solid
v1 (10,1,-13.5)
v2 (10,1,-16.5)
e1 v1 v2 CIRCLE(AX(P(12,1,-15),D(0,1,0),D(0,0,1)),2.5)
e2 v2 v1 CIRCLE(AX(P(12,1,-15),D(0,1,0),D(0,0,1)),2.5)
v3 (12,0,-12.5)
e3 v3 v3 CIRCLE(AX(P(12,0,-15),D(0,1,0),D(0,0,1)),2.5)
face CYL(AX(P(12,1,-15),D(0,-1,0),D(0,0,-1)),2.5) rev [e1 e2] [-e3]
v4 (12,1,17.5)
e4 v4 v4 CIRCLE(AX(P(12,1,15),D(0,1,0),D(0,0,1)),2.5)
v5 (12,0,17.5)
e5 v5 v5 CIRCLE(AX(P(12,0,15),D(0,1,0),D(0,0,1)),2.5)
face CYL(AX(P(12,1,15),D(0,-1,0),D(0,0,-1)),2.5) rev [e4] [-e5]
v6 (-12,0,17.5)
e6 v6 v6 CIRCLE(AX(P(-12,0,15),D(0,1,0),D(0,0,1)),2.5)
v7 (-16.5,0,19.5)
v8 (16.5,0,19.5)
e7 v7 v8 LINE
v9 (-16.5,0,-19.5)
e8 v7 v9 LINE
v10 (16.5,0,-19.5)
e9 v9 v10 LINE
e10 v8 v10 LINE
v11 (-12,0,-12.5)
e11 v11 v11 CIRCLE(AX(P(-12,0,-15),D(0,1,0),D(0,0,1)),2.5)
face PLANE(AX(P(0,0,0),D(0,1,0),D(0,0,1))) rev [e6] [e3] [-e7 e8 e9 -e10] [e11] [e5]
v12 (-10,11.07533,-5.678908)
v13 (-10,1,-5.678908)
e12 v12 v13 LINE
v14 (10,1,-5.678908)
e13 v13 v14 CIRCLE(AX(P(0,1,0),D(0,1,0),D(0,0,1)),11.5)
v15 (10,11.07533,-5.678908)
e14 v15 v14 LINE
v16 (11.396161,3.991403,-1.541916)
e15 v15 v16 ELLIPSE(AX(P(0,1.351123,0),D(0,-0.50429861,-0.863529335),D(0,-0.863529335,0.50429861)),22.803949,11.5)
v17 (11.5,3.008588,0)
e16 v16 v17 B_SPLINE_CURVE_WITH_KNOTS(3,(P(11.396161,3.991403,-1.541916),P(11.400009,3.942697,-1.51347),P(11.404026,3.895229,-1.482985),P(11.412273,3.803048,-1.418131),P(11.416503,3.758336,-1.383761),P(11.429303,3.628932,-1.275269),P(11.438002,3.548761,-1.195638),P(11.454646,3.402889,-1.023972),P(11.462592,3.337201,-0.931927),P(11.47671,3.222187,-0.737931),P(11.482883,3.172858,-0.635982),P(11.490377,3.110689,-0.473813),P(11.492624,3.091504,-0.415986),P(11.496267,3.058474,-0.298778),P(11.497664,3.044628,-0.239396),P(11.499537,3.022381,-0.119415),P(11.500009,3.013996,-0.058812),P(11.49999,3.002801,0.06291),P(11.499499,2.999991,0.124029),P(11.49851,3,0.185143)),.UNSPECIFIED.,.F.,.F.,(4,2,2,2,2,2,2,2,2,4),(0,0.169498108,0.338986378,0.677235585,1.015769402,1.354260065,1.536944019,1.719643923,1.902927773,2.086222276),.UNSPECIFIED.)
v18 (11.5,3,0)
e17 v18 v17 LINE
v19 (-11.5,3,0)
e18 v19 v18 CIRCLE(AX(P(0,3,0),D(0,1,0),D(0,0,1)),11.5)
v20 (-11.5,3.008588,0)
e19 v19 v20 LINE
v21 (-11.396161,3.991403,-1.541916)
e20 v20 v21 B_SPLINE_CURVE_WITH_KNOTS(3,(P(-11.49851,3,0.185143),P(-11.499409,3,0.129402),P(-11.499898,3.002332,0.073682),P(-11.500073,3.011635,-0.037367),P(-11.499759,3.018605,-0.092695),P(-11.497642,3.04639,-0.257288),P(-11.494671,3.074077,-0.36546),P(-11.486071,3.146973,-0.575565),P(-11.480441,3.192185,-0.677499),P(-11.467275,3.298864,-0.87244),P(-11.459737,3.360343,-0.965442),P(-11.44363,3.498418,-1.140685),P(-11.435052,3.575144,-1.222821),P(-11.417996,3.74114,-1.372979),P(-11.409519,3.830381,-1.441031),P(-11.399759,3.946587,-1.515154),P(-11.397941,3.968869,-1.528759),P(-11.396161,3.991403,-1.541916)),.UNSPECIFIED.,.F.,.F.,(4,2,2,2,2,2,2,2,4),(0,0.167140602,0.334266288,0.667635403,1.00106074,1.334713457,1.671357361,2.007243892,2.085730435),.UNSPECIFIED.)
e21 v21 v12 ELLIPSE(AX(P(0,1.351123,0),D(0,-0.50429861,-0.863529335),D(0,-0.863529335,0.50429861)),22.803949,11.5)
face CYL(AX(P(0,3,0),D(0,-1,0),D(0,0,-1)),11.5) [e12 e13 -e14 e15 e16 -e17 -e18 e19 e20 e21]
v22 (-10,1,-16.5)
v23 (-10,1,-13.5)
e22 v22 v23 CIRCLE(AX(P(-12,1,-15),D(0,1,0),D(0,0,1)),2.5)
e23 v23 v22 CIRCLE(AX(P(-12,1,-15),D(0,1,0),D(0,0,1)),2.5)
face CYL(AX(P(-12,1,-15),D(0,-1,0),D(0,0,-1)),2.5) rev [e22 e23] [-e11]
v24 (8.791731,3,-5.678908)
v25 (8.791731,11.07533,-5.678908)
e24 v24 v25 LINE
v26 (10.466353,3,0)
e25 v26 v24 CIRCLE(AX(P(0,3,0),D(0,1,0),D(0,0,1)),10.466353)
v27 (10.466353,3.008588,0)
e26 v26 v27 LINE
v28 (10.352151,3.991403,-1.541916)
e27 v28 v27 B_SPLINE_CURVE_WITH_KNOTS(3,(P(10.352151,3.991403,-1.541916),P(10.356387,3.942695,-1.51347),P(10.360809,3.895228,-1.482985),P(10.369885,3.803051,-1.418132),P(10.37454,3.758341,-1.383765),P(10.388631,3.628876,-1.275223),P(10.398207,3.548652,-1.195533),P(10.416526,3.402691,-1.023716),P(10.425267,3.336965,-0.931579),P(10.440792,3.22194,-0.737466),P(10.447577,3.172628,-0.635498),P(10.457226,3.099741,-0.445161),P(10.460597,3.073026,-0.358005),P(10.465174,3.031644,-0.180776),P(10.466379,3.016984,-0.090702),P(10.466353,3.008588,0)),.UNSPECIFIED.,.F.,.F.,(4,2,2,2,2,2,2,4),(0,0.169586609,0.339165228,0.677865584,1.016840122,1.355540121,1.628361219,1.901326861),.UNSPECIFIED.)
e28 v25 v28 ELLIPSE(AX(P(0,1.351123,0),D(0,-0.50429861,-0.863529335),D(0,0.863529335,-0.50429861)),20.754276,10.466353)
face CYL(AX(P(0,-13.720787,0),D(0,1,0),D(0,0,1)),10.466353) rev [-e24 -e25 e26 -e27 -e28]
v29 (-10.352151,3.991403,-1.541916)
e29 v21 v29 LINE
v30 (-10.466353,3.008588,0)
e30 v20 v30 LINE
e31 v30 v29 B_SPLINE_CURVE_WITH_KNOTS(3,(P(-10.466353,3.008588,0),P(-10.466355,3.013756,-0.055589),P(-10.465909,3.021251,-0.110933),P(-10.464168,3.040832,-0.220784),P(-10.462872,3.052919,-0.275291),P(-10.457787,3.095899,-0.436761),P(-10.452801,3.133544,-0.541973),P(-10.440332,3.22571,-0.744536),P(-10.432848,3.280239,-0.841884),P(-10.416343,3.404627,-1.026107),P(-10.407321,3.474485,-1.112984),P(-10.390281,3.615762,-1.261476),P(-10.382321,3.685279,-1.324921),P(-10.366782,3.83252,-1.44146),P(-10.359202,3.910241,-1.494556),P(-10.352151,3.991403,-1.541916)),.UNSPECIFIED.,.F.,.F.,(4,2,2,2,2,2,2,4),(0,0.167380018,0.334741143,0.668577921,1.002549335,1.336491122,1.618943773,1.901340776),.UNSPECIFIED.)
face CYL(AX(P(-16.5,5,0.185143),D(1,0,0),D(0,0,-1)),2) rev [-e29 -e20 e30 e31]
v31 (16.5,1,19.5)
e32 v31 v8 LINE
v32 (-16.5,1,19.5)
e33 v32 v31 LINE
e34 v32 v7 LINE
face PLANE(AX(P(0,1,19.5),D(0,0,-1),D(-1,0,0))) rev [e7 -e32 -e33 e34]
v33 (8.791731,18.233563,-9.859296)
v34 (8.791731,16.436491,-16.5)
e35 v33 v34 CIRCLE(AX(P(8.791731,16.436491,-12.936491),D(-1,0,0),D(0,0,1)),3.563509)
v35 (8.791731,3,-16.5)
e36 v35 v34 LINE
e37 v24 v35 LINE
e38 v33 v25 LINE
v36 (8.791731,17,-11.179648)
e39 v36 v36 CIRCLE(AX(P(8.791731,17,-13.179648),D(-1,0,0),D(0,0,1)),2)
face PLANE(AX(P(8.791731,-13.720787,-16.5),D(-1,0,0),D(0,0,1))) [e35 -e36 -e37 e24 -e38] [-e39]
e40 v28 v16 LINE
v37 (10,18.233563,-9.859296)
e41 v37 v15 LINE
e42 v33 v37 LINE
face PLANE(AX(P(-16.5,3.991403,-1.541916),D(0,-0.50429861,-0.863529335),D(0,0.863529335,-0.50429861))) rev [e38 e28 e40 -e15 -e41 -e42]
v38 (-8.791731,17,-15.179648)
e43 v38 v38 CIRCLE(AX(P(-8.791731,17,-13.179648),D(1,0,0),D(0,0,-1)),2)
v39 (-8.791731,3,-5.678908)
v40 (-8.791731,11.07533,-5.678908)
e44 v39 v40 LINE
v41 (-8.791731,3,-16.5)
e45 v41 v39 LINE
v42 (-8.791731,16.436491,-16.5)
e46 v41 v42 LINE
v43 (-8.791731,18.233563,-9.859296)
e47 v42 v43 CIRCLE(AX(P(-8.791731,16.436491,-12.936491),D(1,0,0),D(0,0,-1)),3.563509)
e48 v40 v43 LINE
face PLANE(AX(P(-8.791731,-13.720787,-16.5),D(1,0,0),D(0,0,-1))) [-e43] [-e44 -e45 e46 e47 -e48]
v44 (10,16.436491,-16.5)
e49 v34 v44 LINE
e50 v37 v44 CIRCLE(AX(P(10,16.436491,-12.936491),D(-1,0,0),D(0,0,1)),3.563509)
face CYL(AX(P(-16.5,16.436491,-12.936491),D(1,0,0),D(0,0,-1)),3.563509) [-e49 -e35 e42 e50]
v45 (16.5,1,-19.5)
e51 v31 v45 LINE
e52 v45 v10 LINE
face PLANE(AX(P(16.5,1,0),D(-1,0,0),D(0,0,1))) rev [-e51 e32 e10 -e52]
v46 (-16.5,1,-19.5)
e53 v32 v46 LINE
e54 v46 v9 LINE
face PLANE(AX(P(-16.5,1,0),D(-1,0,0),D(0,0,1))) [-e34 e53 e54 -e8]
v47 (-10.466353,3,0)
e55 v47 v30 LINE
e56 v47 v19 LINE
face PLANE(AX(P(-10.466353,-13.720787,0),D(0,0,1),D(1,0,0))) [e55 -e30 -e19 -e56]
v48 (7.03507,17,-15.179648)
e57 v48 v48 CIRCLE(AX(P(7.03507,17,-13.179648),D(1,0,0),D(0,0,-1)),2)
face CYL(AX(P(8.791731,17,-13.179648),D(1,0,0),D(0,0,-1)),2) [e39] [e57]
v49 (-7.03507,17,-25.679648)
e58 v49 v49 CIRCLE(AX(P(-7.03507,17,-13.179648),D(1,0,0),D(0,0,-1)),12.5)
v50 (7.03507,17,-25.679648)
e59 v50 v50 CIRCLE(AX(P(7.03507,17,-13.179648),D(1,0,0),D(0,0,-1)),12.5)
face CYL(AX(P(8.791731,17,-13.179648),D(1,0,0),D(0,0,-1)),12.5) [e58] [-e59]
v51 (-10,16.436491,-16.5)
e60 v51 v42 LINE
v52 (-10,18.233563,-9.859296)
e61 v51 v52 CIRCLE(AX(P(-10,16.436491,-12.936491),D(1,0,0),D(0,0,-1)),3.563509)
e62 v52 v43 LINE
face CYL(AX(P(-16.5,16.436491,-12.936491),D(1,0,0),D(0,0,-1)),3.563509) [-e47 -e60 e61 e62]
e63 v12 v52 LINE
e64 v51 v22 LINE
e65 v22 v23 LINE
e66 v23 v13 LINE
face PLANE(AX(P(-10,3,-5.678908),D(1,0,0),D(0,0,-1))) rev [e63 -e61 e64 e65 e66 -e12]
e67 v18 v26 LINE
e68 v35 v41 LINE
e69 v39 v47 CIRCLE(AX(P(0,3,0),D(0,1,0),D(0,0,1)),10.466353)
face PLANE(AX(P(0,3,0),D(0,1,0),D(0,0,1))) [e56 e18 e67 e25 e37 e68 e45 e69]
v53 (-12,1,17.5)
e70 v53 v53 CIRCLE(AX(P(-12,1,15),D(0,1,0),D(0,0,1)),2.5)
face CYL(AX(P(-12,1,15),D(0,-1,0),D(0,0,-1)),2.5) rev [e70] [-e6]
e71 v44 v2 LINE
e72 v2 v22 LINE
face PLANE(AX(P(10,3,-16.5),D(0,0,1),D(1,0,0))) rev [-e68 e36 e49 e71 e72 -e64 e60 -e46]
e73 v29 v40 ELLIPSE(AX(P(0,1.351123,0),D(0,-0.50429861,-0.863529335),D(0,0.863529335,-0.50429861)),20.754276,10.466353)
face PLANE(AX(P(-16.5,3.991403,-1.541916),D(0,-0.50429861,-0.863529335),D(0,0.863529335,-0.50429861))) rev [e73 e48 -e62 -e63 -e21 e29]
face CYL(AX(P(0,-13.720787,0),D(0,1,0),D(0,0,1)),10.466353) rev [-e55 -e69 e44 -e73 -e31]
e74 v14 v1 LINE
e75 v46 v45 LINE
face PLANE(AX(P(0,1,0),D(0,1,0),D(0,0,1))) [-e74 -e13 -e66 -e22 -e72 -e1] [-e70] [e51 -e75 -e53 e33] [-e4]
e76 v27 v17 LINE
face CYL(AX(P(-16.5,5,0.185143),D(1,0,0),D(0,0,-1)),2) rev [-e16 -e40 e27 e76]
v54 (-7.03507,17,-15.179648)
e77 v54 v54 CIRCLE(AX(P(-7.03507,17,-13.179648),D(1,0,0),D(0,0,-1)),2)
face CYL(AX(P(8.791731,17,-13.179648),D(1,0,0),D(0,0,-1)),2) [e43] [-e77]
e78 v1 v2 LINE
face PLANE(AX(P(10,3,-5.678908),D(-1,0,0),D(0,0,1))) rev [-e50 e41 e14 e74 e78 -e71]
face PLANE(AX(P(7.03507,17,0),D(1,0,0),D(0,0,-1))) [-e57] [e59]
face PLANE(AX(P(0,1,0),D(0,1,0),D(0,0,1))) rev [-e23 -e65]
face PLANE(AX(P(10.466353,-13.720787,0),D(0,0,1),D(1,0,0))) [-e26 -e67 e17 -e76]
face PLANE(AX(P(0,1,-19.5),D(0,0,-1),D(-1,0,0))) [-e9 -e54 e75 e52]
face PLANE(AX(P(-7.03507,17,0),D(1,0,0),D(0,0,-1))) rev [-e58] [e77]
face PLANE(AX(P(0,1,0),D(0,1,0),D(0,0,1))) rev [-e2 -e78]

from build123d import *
from build123d.topology import SkipClean

# Parameters (mm, degrees)
SKETCH1_W               = 33
SKETCH1_H               = 39
SKETCH1_R               = 2.5
BOSS_EXTRUDE1_DEPTH     = 1
BOSS_EXTRUDE2_DEPTH     = 2
BOSS_EXTRUDE3_START     = -17
BOSS_EXTRUDE3_DEPTH     = 17
CUT_EXTRUDE1_DEPTH      = 39.503246616
CUT_EXTRUDE1_DEPTH_BACK = 39.503246616


with BuildPart() as part:
    # Sketch1 → Boss-Extrude1 (new body)
    with BuildSketch(Plane(origin=(0, 0, 0), x_dir=(1, 0, 0), z_dir=(0, 1, 0))):
        Rectangle(SKETCH1_W, SKETCH1_H)
        with Locations(Location((12, -15, 0), (0, 0, 270))):
            Circle(SKETCH1_R, mode=Mode.SUBTRACT)
        with Locations(Location((-12, -15, 0), (0, 0, 270))):
            Circle(SKETCH1_R, mode=Mode.SUBTRACT)
        with Locations(Location((-12, 15, 0), (0, 0, 270))):
            Circle(SKETCH1_R, mode=Mode.SUBTRACT)
        with Locations(Location((12, 15, 0), (0, 0, 270))):
            Circle(SKETCH1_R, mode=Mode.SUBTRACT)
    extrude(amount=BOSS_EXTRUDE1_DEPTH)

    # Sketch2 → Boss-Extrude2 (add)
    with BuildSketch(Plane(origin=(0, 1, 0), x_dir=(1, 0, 0), z_dir=(0, 1, 0))):
        with BuildLine():
            Line((10, 5.678908346), (10, 16.5))
            Line((10, 16.5), (-10, 16.5))
            Line((-10, 16.5), (-10, 5.678908346))
            ThreePointArc((-10, 5.678908346), (0, -11.5), (10, 5.678908346))
        make_face()
    extrude(amount=BOSS_EXTRUDE2_DEPTH)

    # Sketch3 → Boss-Extrude3 (add)
    with SkipClean():  # the faces are left unmerged after this step: merging them gives an invalid solid
        with BuildSketch(Plane(origin=(0, 20, 0), x_dir=(1, 0, 0), z_dir=(0, 1, 0)).offset(BOSS_EXTRUDE3_START)):
            with BuildLine():
                Line((-10.466352676, 0), (-11.5, 0))
                ThreePointArc((-11.5, 0), (-11.118677979, 2.936835031), (-10, 5.678908346))
                Line((-10, 5.678908346), (-10, 16.5))
                Line((-10, 16.5), (-8.791731248, 16.5))
                Line((-8.791731248, 16.5), (-8.791731248, 5.678908346))
                ThreePointArc((-8.791731248, 5.678908346), (-10.038971516, 2.960336), (-10.466352676, 0))
            make_face()
            with BuildLine():
                Line((8.791731248, 16.5), (8.791731248, 5.678908346))
                ThreePointArc((8.791731248, 5.678908346), (10.038971516, 2.960336), (10.466352676, 0))
                Line((10.466352676, 0), (11.5, 0))
                ThreePointArc((11.5, 0), (11.118677979, 2.936835031), (10, 5.678908346))
                Line((10, 5.678908346), (10, 16.5))
                Line((10, 16.5), (8.791731248, 16.5))
            make_face()
        extrude(amount=BOSS_EXTRUDE3_DEPTH)

    # Sketch4 → Cut-Extrude1 (cut, two sides: drawn at the far end of the back side and taken through both)
    with SkipClean():  # the faces are left unmerged after this step: merging them gives an invalid solid
        with BuildSketch(Plane(origin=(10, 0, 0), x_dir=(0, 0, -1), z_dir=(1, 0, 0)).offset(-CUT_EXTRUDE1_DEPTH_BACK)):
            with BuildLine():
                Line((-2.613781241, 3), (-0.185143028, 3))
                ThreePointArc((-0.185143028, 3), (0.810549083, 3.265469165), (1.541915642, 3.991402781))
                Line((1.541915642, 3.991402781), (9.859295901, 18.23356349))
                ThreePointArc((9.859295901, 18.23356349), (13.867346815, 19.876273461), (16.5, 16.436490709))
                Line((16.5, 16.436490709), (17.783999393, 20))
                Line((17.783999393, 20), (0.550387099, 24.196515301))
                Line((0.550387099, 24.196515301), (-11.381791723, 8.604740189))
                Line((-11.381791723, 8.604740189), (-2.613781241, 3))
            make_face()
        extrude(amount=CUT_EXTRUDE1_DEPTH + CUT_EXTRUDE1_DEPTH_BACK, mode=Mode.SUBTRACT)

    # Sketch5 → Revolve1 (revolve)
    with SkipClean():  # the faces are left unmerged after this step: merging them gives an invalid solid
        with BuildSketch(Plane(origin=(0, 17, 0), x_dir=(1, 0, 0), z_dir=(0, 1, 0)), mode=Mode.PRIVATE) as revolve1_sk:
            Polygon((7.035069501, 11.179647951), (8.791731248, 11.179647951), (8.791731248, 13.179647951), (0, 13.179647951), (0, 0.679647951), (7.035069501, 0.679647951), align=None)
            Polygon((0, 0.679647951), (0, 13.179647951), (-8.791731248, 13.179647951), (-8.791731248, 11.179647951), (-7.035069501, 11.179647951), (-7.035069501, 0.679647951), align=None)
        revolve(revolve1_sk.sketch.rotate(Axis((8.791731248, 17, -13.179647951), (-1, 0, 0)), 180), axis=Axis((8.791731248, 17, -13.179647951), (-1, 0, 0)))


solid = part.part
